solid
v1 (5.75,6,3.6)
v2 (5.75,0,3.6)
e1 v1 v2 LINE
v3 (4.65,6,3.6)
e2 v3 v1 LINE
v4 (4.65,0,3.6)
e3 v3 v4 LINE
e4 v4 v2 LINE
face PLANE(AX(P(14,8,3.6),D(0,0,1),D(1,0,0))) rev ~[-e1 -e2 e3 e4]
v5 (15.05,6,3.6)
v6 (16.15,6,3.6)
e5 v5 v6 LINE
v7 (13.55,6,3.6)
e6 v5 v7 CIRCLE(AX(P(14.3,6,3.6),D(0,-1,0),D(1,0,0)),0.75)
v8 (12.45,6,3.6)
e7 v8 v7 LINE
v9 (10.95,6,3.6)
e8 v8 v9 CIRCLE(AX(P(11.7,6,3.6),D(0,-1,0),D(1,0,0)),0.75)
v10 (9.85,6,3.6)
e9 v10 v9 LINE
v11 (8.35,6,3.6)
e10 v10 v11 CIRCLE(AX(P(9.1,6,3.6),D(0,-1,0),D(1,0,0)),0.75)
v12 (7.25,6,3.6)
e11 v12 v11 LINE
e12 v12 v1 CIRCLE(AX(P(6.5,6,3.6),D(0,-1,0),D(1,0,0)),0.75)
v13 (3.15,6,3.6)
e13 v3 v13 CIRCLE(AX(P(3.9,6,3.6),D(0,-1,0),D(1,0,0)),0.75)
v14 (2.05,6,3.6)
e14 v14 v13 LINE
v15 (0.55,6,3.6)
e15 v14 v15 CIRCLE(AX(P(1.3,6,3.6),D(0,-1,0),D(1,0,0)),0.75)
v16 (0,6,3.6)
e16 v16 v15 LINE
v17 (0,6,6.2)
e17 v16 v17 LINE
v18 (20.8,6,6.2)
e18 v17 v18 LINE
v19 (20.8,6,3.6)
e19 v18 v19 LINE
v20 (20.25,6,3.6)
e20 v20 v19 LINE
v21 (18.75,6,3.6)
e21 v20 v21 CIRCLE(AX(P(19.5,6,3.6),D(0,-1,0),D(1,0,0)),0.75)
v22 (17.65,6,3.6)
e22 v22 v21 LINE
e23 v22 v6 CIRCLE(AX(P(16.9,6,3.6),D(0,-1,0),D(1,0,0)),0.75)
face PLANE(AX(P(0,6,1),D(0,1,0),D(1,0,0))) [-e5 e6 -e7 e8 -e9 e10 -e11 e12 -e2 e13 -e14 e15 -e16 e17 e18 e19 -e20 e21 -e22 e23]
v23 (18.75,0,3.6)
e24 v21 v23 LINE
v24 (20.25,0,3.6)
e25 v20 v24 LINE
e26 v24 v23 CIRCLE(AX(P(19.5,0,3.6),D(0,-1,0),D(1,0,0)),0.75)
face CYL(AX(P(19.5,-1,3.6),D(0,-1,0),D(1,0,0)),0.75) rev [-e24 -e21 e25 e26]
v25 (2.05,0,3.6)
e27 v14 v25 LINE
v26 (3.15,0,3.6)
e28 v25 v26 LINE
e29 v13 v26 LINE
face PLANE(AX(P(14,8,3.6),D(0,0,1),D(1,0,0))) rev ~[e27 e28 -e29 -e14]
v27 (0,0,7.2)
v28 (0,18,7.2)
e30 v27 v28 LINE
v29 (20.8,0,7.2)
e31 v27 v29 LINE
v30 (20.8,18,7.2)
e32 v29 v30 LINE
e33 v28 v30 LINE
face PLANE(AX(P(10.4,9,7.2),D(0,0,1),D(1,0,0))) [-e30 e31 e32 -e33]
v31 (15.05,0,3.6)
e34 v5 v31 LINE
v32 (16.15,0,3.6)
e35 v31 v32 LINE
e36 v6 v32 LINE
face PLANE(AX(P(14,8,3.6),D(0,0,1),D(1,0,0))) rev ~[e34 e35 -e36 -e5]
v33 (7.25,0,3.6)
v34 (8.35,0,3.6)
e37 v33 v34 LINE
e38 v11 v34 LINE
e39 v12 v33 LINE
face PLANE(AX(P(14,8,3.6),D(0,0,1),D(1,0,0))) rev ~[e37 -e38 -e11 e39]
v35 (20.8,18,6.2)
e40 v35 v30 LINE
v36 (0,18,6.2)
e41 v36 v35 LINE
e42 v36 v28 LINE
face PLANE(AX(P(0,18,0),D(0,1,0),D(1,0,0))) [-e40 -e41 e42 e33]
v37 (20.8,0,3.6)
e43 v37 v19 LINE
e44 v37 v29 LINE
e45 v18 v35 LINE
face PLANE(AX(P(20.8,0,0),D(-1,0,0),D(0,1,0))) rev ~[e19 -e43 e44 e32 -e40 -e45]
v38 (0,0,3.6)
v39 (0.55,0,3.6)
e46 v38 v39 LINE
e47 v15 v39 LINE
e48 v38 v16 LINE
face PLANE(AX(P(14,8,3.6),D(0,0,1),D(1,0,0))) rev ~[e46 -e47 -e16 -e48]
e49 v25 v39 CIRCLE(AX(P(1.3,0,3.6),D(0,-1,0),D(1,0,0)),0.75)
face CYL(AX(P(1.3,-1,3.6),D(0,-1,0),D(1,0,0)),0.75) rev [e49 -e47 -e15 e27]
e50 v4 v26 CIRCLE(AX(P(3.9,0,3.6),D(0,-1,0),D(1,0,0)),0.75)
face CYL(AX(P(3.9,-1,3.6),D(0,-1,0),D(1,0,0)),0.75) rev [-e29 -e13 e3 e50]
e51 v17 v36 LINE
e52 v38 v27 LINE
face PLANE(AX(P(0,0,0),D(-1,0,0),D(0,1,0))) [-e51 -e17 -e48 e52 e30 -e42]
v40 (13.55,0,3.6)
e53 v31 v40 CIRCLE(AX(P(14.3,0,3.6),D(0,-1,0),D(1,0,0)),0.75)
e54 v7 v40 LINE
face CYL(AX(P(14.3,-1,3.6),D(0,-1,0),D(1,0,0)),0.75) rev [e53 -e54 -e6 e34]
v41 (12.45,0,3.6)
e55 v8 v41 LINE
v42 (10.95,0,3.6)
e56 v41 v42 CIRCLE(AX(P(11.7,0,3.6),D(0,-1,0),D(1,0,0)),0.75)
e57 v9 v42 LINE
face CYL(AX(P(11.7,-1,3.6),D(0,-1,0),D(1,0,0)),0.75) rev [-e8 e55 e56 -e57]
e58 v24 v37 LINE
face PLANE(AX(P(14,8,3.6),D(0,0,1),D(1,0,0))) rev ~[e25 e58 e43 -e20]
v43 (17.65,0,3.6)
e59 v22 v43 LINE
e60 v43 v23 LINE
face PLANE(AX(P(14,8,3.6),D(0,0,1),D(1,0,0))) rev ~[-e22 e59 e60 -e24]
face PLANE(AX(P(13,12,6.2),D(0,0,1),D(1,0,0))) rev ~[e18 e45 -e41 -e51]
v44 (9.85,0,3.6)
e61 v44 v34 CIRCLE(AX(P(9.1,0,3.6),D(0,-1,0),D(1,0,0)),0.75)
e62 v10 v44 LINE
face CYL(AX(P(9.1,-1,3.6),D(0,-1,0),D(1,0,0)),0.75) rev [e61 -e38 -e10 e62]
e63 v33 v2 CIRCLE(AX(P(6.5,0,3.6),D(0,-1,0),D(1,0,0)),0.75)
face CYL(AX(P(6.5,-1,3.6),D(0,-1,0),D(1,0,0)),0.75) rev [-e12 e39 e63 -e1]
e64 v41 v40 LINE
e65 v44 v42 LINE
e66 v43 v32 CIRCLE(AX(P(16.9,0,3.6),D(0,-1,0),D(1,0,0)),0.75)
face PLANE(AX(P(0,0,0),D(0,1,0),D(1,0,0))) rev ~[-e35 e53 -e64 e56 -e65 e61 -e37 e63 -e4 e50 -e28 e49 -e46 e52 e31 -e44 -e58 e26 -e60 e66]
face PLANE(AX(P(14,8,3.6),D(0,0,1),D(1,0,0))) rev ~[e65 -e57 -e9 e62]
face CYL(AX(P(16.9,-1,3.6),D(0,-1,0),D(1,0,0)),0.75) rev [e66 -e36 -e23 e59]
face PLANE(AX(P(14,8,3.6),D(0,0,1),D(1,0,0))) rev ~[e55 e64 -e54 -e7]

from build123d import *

# Parameters (mm, degrees)
BOX019_W          = 30
BOX019_H          = 20
BOX019_DEPTH      = 9.2
BOX005_W          = 26
BOX005_H          = 12
BOX005_DEPTH      = 5.2
CYLINDER003_R     = 0.75
CYLINDER003_DEPTH = 7
ARRAY003_X_COUNT  = 8
ARRAY003_X_PITCH  = 2.6
ARRAY003_Y_COUNT  = 2
ARRAY003_Y_PITCH  = 1
BOX002_W          = 20.8
BOX002_H          = 18
BOX002_DEPTH      = 7.2


with BuildPart() as cortador003:
    # Box019 → Box019 (new body)
    with BuildSketch(Plane(origin=(-1, -2, -5.6), x_dir=(1, 0, 0), z_dir=(0, 0, 1))):
        with Locations((15, 10)):
            Rectangle(BOX019_W, BOX019_H)
    extrude(amount=BOX019_DEPTH)


with BuildPart() as cube_10_base002:
    # Box005 → Box005 (new body)
    with BuildSketch(Plane(origin=(0, 6, 1), x_dir=(1, 0, 0), z_dir=(0, 0, 1))):
        with Locations((13, 6)):
            Rectangle(BOX005_W, BOX005_H)
    extrude(amount=BOX005_DEPTH)


with BuildPart() as array003:
    # Cylinder003 → Cylinder003 (new body)
    with BuildSketch(Plane(origin=(1.3, -1, 3.6), x_dir=(1, 0, 0), z_dir=(0, 1, 0))):
        Circle(CYLINDER003_R)
    extrude(amount=CYLINDER003_DEPTH)

    # Array003 X: Array003 ×8


with BuildPart() as array003_1:
    add(array003.part)
    with Locations(*[(i * ARRAY003_X_PITCH, 0, 0) for i in range(1, ARRAY003_X_COUNT)]):
        add(array003.part)

    # Array003 Y: Array003 ×2


with BuildPart() as array003_2:
    add(array003_1.part)
    with Locations(*[(0, i * ARRAY003_Y_PITCH, 0) for i in range(1, ARRAY003_Y_COUNT)]):
        add(array003_1.part)


with BuildPart() as bloque8_arriba:
    # Box002 → Box002 (new body)
    with BuildSketch(Plane.XY):
        with Locations((10.4, 9)):
            Rectangle(BOX002_W, BOX002_H)
    extrude(amount=BOX002_DEPTH)

    # Cut003: cut Array003
    add(array003_2.part, mode=Mode.SUBTRACT)

    # Cut005: cut cube_10_base002
    add(cube_10_base002.part, mode=Mode.SUBTRACT)

    # Cut020: cut cortador003
    add(cortador003.part, mode=Mode.SUBTRACT)


solid = bloque8_arriba.part
